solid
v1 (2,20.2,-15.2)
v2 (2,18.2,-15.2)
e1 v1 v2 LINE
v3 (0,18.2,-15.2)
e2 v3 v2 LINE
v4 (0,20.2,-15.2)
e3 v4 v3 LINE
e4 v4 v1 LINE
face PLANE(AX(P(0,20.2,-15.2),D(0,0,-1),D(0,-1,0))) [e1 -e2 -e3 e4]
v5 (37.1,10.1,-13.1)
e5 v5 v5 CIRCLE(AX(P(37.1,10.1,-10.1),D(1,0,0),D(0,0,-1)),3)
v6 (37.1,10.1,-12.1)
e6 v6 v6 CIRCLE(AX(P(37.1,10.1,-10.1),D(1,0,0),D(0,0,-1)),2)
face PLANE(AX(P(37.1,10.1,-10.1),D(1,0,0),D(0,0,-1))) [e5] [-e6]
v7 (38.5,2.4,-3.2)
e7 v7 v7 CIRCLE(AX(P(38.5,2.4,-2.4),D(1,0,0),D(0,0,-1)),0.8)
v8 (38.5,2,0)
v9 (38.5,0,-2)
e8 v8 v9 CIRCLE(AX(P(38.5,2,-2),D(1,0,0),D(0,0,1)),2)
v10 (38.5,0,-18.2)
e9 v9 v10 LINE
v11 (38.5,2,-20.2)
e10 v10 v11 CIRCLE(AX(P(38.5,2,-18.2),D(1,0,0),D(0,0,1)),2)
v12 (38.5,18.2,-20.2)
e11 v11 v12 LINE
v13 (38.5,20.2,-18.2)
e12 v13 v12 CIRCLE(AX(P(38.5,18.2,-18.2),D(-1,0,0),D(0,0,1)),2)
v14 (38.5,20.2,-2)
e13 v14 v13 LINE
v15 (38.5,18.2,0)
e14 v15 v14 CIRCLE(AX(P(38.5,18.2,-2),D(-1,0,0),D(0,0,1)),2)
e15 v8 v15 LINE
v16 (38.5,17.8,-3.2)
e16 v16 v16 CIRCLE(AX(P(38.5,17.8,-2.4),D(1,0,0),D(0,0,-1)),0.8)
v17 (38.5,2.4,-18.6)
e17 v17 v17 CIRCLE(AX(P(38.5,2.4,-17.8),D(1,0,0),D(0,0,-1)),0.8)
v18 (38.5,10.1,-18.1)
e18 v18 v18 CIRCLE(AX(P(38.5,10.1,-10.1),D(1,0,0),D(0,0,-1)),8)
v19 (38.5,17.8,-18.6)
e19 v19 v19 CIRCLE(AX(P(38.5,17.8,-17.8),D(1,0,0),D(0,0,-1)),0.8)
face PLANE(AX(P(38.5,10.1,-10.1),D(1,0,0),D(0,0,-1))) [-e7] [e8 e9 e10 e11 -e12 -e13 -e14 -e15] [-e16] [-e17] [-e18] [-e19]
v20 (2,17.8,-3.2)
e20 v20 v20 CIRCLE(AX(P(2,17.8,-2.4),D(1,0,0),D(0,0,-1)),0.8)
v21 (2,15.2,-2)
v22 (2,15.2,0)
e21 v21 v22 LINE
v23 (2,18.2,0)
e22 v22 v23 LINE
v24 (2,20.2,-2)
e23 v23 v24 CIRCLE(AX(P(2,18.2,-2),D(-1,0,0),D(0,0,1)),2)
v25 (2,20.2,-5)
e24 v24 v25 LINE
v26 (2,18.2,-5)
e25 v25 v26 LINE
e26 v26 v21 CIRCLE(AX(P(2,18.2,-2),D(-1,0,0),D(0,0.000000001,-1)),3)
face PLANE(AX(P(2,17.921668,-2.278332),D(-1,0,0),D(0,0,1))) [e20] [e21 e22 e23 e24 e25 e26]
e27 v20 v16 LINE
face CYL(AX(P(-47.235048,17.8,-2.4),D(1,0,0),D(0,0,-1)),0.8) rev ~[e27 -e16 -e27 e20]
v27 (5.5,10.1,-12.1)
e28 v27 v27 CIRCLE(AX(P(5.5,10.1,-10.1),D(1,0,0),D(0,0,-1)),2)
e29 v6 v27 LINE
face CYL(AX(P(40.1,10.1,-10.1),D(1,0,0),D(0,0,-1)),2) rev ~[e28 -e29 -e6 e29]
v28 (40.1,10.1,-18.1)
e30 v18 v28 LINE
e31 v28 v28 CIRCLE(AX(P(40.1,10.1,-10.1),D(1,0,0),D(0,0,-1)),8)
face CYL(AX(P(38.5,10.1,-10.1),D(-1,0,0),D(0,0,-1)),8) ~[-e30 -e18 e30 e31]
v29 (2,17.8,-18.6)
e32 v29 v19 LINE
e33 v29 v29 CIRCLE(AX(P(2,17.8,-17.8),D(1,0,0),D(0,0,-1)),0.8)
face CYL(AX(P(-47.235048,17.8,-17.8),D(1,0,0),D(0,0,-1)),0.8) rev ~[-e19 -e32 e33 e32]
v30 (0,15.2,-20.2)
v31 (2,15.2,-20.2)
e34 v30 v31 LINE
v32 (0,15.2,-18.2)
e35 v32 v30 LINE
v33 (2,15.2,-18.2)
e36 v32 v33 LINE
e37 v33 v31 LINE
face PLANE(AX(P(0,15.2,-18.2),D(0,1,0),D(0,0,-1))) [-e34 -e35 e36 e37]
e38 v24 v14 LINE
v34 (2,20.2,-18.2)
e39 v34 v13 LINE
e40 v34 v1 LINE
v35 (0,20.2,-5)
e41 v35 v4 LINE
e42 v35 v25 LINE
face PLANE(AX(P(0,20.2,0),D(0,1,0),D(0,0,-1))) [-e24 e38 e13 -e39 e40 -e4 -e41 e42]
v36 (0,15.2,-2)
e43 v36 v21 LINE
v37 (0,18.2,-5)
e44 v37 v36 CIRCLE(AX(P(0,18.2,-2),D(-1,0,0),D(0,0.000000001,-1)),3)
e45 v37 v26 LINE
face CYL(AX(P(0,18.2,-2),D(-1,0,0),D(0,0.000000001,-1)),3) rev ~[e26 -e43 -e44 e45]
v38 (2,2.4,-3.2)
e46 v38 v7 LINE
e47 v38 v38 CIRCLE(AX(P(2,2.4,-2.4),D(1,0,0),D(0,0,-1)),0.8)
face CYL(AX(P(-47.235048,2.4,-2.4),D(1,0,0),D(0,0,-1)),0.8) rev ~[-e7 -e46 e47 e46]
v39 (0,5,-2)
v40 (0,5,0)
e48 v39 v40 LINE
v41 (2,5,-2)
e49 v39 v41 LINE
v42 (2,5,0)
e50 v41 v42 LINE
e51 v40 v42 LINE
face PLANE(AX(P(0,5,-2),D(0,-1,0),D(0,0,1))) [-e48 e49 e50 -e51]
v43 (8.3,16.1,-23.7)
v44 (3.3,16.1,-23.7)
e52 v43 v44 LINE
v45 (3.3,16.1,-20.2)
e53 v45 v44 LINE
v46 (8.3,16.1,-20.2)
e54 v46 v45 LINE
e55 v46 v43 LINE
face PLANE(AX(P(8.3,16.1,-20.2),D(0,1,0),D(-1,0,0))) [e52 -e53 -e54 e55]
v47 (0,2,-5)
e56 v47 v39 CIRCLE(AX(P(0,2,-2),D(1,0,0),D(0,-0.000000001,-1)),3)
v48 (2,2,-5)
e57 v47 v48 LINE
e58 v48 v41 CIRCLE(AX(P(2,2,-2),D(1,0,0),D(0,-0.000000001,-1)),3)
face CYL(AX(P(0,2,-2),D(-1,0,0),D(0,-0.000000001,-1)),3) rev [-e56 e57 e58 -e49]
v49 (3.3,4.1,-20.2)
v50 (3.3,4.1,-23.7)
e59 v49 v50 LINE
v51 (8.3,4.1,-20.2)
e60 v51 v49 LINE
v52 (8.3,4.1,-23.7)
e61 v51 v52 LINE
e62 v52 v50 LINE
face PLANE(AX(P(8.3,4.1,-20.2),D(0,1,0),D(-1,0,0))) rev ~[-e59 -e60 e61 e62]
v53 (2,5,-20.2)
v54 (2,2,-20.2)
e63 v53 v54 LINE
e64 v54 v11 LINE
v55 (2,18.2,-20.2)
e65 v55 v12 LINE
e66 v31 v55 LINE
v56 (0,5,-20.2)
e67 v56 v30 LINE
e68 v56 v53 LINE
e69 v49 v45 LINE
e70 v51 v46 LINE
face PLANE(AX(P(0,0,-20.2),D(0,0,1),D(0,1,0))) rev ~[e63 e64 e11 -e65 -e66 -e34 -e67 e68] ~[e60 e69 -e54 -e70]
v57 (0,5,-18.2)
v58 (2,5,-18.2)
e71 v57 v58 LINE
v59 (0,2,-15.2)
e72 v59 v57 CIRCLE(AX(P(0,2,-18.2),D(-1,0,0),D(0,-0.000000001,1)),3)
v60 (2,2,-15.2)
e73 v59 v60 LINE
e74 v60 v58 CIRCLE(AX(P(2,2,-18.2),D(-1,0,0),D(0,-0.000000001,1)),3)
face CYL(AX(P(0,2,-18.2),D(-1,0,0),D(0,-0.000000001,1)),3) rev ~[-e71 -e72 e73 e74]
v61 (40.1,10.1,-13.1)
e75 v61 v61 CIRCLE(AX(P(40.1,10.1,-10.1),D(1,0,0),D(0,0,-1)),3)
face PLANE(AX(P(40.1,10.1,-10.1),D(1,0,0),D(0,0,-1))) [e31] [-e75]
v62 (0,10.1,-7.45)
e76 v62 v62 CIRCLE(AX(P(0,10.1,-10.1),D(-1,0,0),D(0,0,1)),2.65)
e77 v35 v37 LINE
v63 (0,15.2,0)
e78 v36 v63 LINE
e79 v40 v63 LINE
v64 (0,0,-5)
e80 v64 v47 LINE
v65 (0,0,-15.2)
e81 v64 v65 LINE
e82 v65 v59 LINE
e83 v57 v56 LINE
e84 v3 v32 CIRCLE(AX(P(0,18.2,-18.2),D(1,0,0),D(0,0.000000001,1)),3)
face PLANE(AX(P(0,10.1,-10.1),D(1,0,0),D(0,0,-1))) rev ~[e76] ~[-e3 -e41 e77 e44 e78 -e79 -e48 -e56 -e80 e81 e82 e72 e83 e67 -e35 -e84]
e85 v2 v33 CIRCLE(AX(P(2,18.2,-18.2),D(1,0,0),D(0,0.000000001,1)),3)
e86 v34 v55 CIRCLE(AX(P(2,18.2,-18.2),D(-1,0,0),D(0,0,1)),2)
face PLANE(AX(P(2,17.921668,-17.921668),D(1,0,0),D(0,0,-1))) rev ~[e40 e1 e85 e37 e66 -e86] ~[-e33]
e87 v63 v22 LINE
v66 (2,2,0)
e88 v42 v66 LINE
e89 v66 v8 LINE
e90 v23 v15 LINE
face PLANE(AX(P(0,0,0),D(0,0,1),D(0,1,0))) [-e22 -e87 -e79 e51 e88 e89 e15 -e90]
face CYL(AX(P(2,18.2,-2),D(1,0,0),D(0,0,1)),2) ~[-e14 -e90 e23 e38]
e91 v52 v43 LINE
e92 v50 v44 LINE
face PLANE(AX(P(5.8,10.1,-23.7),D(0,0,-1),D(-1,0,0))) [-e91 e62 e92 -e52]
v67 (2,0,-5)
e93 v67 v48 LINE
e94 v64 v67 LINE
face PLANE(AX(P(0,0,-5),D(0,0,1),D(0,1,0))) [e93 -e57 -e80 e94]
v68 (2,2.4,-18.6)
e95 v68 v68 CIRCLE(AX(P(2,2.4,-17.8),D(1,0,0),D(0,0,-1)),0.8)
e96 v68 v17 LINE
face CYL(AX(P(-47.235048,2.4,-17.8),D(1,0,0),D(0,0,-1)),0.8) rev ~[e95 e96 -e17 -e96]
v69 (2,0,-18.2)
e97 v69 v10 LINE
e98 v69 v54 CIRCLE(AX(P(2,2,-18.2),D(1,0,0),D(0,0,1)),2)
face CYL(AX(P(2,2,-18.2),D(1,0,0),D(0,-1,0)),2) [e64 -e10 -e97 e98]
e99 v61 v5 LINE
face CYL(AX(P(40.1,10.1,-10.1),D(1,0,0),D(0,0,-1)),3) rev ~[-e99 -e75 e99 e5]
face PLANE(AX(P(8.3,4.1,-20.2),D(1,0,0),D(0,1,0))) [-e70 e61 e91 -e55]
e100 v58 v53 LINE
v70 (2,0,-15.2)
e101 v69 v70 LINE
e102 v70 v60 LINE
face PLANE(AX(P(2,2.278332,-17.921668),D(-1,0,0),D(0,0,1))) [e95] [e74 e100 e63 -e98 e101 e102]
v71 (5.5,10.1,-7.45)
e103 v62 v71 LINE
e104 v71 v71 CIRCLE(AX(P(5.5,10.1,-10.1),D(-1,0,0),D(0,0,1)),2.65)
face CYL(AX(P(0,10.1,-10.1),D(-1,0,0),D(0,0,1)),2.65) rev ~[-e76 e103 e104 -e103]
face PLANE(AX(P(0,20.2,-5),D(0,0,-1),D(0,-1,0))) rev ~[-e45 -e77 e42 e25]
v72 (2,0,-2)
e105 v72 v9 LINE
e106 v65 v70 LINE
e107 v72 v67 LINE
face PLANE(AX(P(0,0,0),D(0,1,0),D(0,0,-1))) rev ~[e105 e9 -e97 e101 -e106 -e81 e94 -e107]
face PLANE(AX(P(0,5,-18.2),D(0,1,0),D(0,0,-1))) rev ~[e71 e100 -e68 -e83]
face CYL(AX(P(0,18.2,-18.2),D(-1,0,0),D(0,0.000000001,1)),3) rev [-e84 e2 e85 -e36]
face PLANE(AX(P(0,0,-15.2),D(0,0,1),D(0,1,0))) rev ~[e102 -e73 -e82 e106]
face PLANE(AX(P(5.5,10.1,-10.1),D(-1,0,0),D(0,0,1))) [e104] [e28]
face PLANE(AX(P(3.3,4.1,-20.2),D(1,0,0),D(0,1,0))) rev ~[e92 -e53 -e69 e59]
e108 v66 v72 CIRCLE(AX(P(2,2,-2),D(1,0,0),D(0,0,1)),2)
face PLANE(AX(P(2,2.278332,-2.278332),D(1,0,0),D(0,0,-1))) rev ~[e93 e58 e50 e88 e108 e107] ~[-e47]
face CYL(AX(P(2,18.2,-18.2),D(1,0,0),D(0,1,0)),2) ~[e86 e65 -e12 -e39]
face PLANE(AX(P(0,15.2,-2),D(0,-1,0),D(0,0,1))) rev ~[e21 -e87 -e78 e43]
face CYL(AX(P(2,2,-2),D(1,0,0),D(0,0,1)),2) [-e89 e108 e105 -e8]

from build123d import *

# Parameters (mm, degrees)
SKETCH_1_W          = 20.2
SKETCH_1_H          = 20.2
EXTRUDE_1_DEPTH     = 38.5
SKETCH_2_R          = 8
EXTRUDE_2_DEPTH     = 1.6
CUT_EXTRUDE_1_DEPTH = 2
M2X0_41_D           = 1.6
FILLET_1_R          = 2
SKETCH_7_R          = 2
CUT_EXTRUDE_2_DEPTH = 41.1
SKETCH_8_R          = 2.65
CUT_EXTRUDE_3_DEPTH = 5.5
SKETCH_9_R          = 3
CUT_EXTRUDE_4_DEPTH = 3
SKETCH_10_W         = 5
SKETCH_10_H         = 12
EXTRUDE_3_DEPTH     = 3.5


with BuildPart() as part:
    # Эскиз1 → Бобышка-Вытянуть1 (new body)
    with BuildSketch(Plane(origin=(0, 0, 0), x_dir=(0, 0, -1), z_dir=(1, 0, 0))):
        with Locations((10.1, 10.1)):
            Rectangle(SKETCH_1_W, SKETCH_1_H)
    extrude(amount=EXTRUDE_1_DEPTH)

    # Эскиз2 → Бобышка-Вытянуть2 (add)
    with BuildSketch(Plane(origin=(38.5, 0, 0), x_dir=(0, 0, -1), z_dir=(1, 0, 0))):
        with Locations((10.1, 10.1)):
            Circle(SKETCH_2_R)
    extrude(amount=EXTRUDE_2_DEPTH)

    # Эскиз3 → Вырез-Вытянуть1 (cut)
    with BuildSketch(Plane.ZY):
        with BuildLine():
            Line((-5, 20.2), (-5, 18.2))
            ThreePointArc((-5, 18.2), (-4.121320344, 16.078679656), (-2, 15.2))
            Line((-2, 15.2), (0, 15.2))
            Line((0, 15.2), (0, 20.2))
            Line((0, 20.2), (-5, 20.2))
        make_face()
        with BuildLine():
            Line((-20.2, 20.2), (-15.2, 20.2))
            Line((-15.2, 20.2), (-15.2, 18.2))
            ThreePointArc((-15.2, 18.2), (-16.078679656, 16.078679656), (-18.2, 15.2))
            Line((-18.2, 15.2), (-20.2, 15.2))
            Line((-20.2, 15.2), (-20.2, 20.2))
        make_face()
        with BuildLine():
            Line((0, 0), (-5, 0))
            Line((-5, 0), (-5, 2))
            ThreePointArc((-5, 2), (-4.121320344, 4.121320344), (-2, 5))
            Line((-2, 5), (0, 5))
            Line((0, 5), (0, 0))
        make_face()
        with BuildLine():
            Line((-15.2, 0), (-15.2, 2))
            ThreePointArc((-15.2, 2), (-16.078679656, 4.121320344), (-18.2, 5))
            Line((-18.2, 5), (-20.2, 5))
            Line((-20.2, 5), (-20.2, 0))
            Line((-20.2, 0), (-15.2, 0))
        make_face()
    extrude(amount=-CUT_EXTRUDE_1_DEPTH, mode=Mode.SUBTRACT)

    # Отверстие обработанное метчиком M2x0.41 (through all)
    with Locations(Plane.ZY.offset(-2)):
        with Locations((-17.8, 17.8), (-2.4, 17.8), (-2.4, 2.4), (-17.8, 2.4)):
            Hole(M2X0_41_D / 2)

    # Скругление1
    fillet_1_edges = [part.edges().sort_by_distance(p)[0] for p in [
        (20.25, 20.2, 0),
        (20.25, 20.2, -20.2),
        (20.25, 0, -20.2),
        (20.25, 0, 0),
    ]]
    fillet(fillet_1_edges, radius=FILLET_1_R)

    # Эскиз7 → Вырез-Вытянуть2 (cut, through all)
    with BuildSketch(Plane(origin=(40.1, 0, 0), x_dir=(0, 0, -1), z_dir=(1, 0, 0))):
        with Locations((10.1, 10.1)):
            Circle(SKETCH_7_R)
    extrude(amount=-CUT_EXTRUDE_2_DEPTH, mode=Mode.SUBTRACT)

    # Эскиз8 → Вырез-Вытянуть3 (cut)
    with BuildSketch(Plane.ZY):
        with Locations((-10.1, 10.1)):
            Circle(SKETCH_8_R)
    extrude(amount=-CUT_EXTRUDE_3_DEPTH, mode=Mode.SUBTRACT)

    # Эскиз9 → Вырез-Вытянуть4 (cut)
    with BuildSketch(Plane(origin=(40.1, 0, 0), x_dir=(0, 0, -1), z_dir=(1, 0, 0))):
        with Locations((10.1, 10.1)):
            Circle(SKETCH_9_R)
    extrude(amount=-CUT_EXTRUDE_4_DEPTH, mode=Mode.SUBTRACT)

    # Эскиз10 → Бобышка-Вытянуть3 (add)
    with BuildSketch(Plane(origin=(0, 0, -20.2), x_dir=(-1, 0, 0), z_dir=(0, 0, -1))):
        with Locations((-5.8, 10.1)):
            Rectangle(SKETCH_10_W, SKETCH_10_H)
    extrude(amount=EXTRUDE_3_DEPTH)


solid = part.part
